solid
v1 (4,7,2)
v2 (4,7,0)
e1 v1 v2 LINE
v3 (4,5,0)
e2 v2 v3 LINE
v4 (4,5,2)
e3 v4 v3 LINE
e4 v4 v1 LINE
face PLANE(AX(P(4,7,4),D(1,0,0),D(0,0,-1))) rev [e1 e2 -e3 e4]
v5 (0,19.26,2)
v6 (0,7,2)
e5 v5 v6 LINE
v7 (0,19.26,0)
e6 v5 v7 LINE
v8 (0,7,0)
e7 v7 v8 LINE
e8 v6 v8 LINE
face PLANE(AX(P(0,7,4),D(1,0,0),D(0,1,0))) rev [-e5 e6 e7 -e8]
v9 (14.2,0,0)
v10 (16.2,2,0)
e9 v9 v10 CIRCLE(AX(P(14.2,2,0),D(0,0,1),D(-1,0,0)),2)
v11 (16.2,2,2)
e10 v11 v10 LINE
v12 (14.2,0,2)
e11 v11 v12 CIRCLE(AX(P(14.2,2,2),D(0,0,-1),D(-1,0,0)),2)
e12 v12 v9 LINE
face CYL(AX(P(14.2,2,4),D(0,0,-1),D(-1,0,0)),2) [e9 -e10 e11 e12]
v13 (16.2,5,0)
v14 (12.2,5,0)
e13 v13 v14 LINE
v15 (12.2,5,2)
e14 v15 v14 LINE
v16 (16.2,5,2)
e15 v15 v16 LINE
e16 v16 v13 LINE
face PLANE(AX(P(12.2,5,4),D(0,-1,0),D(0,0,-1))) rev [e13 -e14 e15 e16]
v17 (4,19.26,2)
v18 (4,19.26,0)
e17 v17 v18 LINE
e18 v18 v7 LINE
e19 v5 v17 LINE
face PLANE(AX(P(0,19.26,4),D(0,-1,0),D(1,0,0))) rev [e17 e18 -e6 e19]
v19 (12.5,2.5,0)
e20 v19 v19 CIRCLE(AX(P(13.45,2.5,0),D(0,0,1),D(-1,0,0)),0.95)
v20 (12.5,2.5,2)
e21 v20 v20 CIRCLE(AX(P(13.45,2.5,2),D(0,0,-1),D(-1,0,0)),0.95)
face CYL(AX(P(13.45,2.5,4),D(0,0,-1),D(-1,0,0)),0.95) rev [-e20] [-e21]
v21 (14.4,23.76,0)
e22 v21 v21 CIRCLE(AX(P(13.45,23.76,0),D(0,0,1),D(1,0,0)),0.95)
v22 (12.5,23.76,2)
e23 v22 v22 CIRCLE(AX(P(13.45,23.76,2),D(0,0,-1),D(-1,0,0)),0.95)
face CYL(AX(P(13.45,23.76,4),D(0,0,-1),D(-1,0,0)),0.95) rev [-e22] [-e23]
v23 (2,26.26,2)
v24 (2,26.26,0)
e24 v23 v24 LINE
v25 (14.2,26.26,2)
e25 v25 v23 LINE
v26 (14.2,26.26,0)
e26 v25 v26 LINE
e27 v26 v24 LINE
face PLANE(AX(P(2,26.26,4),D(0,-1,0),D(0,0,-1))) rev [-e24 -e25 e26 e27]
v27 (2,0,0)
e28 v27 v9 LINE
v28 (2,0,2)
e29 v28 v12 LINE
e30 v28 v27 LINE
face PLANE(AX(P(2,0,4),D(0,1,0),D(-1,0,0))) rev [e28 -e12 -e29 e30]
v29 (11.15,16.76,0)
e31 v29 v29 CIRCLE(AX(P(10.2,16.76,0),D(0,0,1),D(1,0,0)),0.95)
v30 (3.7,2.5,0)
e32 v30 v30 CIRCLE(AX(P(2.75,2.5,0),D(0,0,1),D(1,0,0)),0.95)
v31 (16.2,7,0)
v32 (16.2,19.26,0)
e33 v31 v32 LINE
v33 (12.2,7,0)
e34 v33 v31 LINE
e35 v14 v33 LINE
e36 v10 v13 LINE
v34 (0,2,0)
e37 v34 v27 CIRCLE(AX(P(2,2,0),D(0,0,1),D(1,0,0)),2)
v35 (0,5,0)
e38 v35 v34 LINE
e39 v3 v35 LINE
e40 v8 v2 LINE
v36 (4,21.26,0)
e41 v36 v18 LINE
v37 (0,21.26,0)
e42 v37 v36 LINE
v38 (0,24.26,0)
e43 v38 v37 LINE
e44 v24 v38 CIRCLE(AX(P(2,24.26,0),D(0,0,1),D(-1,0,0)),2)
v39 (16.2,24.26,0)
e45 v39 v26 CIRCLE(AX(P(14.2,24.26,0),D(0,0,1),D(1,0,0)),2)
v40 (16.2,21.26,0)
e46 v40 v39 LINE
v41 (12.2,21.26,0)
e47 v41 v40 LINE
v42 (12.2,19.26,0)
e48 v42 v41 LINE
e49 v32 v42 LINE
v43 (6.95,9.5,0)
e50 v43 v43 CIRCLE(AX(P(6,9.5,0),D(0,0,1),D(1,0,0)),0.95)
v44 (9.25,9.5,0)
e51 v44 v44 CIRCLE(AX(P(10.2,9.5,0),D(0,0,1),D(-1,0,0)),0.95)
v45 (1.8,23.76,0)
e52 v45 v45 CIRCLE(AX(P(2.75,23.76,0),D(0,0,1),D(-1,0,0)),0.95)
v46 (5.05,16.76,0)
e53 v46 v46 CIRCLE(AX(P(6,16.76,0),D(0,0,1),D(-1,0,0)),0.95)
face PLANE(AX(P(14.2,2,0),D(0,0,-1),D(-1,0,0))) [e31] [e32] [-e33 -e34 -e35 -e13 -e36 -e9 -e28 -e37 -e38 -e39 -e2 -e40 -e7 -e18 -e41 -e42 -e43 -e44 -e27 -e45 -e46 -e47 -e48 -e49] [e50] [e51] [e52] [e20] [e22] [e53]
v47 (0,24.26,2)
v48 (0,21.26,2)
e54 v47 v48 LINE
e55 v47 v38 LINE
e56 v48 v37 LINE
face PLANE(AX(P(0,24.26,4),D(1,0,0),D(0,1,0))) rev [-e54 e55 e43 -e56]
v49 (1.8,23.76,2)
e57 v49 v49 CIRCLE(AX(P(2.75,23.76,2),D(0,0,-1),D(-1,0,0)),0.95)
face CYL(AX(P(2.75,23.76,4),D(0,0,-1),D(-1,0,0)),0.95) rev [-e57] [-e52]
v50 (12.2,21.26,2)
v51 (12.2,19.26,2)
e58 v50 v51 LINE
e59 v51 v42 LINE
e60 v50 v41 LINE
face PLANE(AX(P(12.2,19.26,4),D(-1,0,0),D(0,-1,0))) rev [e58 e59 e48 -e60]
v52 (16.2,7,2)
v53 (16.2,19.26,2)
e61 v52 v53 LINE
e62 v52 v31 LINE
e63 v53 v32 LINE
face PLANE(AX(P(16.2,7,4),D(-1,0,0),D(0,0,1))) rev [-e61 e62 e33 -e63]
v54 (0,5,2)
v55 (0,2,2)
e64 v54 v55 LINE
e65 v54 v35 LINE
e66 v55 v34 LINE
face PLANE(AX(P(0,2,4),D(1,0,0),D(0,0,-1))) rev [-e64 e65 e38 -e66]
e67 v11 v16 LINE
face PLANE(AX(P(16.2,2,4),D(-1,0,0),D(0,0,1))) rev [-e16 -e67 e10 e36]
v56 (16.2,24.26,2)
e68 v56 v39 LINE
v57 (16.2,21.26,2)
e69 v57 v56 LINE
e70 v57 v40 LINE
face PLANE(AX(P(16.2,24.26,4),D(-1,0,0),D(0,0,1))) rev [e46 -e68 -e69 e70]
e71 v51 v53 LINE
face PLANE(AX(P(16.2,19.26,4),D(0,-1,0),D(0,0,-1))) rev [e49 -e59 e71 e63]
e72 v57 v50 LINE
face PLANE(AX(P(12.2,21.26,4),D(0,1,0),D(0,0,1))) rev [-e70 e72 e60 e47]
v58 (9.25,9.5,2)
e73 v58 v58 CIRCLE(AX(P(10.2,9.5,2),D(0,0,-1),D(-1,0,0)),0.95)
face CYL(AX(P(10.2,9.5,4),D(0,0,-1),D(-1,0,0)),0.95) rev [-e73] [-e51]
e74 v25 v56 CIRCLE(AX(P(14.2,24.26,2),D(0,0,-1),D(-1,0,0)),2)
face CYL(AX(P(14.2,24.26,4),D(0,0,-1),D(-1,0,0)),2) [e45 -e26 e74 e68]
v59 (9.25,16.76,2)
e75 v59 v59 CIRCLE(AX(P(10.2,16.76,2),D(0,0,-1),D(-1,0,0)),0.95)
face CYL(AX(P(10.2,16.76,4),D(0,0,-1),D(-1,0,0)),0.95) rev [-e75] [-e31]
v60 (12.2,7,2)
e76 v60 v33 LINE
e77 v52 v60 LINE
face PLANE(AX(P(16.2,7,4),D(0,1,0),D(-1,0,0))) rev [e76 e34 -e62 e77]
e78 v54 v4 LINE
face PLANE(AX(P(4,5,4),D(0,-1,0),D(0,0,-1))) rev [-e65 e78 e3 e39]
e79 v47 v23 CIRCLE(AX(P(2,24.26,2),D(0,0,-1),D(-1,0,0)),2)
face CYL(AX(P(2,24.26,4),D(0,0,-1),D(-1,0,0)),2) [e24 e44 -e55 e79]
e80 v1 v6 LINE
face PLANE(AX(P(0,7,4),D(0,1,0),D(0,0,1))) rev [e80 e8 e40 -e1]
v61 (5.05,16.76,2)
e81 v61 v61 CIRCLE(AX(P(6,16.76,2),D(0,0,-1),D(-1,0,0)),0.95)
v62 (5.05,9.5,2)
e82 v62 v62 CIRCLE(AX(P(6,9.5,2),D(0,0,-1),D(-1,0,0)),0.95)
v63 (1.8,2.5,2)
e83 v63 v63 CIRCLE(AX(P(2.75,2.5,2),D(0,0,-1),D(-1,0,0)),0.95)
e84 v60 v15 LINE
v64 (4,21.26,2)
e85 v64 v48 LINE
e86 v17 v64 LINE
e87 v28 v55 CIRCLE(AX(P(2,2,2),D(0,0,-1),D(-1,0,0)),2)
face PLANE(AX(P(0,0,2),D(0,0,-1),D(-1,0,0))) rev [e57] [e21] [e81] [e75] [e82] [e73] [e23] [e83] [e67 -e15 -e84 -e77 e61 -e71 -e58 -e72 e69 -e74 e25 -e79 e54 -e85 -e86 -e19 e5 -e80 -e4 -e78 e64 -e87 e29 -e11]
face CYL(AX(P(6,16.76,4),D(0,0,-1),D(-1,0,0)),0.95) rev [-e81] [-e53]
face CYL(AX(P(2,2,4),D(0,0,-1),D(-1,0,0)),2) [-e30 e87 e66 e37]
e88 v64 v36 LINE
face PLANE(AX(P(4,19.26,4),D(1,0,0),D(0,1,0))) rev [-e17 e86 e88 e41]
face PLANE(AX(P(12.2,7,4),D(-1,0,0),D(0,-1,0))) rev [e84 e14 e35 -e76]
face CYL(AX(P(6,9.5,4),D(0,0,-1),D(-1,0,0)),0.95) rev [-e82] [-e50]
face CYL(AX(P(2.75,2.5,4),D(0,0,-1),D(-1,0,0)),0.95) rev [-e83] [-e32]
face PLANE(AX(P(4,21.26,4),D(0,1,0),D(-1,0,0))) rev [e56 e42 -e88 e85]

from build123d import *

# Parameters (mm, degrees)
SKETCH2_R           = 0.95
BOSS_EXTRUDE1_DEPTH = 4
SKETCH3_W           = 16.2
SKETCH3_H           = 26.26
CUT_EXTRUDE1_DEPTH  = 2


with BuildPart() as part:
    # Sketch2 → Boss-Extrude1 (new body)
    with BuildSketch(Plane.XY):
        with BuildLine():
            Line((0, 7), (0, 19.26))
            Line((0, 19.26), (4, 19.26))
            Line((4, 19.26), (4, 21.26))
            Line((4, 21.26), (0, 21.26))
            Line((0, 21.26), (0, 24.26))
            ThreePointArc((0, 24.26), (0.585786438, 25.674213562), (2, 26.26))
            Line((2, 26.26), (14.2, 26.26))
            ThreePointArc((14.2, 26.26), (15.614213562, 25.674213562), (16.2, 24.26))
            Line((16.2, 24.26), (16.2, 21.26))
            Line((16.2, 21.26), (12.2, 21.26))
            Line((12.2, 21.26), (12.2, 19.26))
            Line((12.2, 19.26), (16.2, 19.26))
            Line((16.2, 19.26), (16.2, 7))
            Line((16.2, 7), (12.2, 7))
            Line((12.2, 7), (12.2, 5))
            Line((12.2, 5), (16.2, 5))
            Line((16.2, 5), (16.2, 2))
            ThreePointArc((16.2, 2), (15.614213562, 0.585786438), (14.2, 0))
            Line((14.2, 0), (2, 0))
            ThreePointArc((2, 0), (0.585786438, 0.585786438), (0, 2))
            Line((0, 2), (0, 5))
            Line((0, 5), (4, 5))
            Line((4, 5), (4, 7))
            Line((4, 7), (0, 7))
        make_face()
        with Locations((13.45, 2.5)):
            Circle(SKETCH2_R, mode=Mode.SUBTRACT)
        with Locations((10.2, 9.5)):
            Circle(SKETCH2_R, mode=Mode.SUBTRACT)
        with Locations((2.75, 23.76)):
            Circle(SKETCH2_R, mode=Mode.SUBTRACT)
        with Locations((6, 16.76)):
            Circle(SKETCH2_R, mode=Mode.SUBTRACT)
        with Locations((10.2, 16.76)):
            Circle(SKETCH2_R, mode=Mode.SUBTRACT)
        with Locations((13.45, 23.76)):
            Circle(SKETCH2_R, mode=Mode.SUBTRACT)
        with Locations((6, 9.5)):
            Circle(SKETCH2_R, mode=Mode.SUBTRACT)
        with Locations((2.75, 2.5)):
            Circle(SKETCH2_R, mode=Mode.SUBTRACT)
    extrude(amount=BOSS_EXTRUDE1_DEPTH)

    # Sketch3 → Cut-Extrude1 (cut)
    with BuildSketch(Plane.XY.offset(4)):
        with Locations((8.1, 13.13)):
            Rectangle(SKETCH3_W, SKETCH3_H)
    extrude(amount=-CUT_EXTRUDE1_DEPTH, mode=Mode.SUBTRACT)


solid = part.part
